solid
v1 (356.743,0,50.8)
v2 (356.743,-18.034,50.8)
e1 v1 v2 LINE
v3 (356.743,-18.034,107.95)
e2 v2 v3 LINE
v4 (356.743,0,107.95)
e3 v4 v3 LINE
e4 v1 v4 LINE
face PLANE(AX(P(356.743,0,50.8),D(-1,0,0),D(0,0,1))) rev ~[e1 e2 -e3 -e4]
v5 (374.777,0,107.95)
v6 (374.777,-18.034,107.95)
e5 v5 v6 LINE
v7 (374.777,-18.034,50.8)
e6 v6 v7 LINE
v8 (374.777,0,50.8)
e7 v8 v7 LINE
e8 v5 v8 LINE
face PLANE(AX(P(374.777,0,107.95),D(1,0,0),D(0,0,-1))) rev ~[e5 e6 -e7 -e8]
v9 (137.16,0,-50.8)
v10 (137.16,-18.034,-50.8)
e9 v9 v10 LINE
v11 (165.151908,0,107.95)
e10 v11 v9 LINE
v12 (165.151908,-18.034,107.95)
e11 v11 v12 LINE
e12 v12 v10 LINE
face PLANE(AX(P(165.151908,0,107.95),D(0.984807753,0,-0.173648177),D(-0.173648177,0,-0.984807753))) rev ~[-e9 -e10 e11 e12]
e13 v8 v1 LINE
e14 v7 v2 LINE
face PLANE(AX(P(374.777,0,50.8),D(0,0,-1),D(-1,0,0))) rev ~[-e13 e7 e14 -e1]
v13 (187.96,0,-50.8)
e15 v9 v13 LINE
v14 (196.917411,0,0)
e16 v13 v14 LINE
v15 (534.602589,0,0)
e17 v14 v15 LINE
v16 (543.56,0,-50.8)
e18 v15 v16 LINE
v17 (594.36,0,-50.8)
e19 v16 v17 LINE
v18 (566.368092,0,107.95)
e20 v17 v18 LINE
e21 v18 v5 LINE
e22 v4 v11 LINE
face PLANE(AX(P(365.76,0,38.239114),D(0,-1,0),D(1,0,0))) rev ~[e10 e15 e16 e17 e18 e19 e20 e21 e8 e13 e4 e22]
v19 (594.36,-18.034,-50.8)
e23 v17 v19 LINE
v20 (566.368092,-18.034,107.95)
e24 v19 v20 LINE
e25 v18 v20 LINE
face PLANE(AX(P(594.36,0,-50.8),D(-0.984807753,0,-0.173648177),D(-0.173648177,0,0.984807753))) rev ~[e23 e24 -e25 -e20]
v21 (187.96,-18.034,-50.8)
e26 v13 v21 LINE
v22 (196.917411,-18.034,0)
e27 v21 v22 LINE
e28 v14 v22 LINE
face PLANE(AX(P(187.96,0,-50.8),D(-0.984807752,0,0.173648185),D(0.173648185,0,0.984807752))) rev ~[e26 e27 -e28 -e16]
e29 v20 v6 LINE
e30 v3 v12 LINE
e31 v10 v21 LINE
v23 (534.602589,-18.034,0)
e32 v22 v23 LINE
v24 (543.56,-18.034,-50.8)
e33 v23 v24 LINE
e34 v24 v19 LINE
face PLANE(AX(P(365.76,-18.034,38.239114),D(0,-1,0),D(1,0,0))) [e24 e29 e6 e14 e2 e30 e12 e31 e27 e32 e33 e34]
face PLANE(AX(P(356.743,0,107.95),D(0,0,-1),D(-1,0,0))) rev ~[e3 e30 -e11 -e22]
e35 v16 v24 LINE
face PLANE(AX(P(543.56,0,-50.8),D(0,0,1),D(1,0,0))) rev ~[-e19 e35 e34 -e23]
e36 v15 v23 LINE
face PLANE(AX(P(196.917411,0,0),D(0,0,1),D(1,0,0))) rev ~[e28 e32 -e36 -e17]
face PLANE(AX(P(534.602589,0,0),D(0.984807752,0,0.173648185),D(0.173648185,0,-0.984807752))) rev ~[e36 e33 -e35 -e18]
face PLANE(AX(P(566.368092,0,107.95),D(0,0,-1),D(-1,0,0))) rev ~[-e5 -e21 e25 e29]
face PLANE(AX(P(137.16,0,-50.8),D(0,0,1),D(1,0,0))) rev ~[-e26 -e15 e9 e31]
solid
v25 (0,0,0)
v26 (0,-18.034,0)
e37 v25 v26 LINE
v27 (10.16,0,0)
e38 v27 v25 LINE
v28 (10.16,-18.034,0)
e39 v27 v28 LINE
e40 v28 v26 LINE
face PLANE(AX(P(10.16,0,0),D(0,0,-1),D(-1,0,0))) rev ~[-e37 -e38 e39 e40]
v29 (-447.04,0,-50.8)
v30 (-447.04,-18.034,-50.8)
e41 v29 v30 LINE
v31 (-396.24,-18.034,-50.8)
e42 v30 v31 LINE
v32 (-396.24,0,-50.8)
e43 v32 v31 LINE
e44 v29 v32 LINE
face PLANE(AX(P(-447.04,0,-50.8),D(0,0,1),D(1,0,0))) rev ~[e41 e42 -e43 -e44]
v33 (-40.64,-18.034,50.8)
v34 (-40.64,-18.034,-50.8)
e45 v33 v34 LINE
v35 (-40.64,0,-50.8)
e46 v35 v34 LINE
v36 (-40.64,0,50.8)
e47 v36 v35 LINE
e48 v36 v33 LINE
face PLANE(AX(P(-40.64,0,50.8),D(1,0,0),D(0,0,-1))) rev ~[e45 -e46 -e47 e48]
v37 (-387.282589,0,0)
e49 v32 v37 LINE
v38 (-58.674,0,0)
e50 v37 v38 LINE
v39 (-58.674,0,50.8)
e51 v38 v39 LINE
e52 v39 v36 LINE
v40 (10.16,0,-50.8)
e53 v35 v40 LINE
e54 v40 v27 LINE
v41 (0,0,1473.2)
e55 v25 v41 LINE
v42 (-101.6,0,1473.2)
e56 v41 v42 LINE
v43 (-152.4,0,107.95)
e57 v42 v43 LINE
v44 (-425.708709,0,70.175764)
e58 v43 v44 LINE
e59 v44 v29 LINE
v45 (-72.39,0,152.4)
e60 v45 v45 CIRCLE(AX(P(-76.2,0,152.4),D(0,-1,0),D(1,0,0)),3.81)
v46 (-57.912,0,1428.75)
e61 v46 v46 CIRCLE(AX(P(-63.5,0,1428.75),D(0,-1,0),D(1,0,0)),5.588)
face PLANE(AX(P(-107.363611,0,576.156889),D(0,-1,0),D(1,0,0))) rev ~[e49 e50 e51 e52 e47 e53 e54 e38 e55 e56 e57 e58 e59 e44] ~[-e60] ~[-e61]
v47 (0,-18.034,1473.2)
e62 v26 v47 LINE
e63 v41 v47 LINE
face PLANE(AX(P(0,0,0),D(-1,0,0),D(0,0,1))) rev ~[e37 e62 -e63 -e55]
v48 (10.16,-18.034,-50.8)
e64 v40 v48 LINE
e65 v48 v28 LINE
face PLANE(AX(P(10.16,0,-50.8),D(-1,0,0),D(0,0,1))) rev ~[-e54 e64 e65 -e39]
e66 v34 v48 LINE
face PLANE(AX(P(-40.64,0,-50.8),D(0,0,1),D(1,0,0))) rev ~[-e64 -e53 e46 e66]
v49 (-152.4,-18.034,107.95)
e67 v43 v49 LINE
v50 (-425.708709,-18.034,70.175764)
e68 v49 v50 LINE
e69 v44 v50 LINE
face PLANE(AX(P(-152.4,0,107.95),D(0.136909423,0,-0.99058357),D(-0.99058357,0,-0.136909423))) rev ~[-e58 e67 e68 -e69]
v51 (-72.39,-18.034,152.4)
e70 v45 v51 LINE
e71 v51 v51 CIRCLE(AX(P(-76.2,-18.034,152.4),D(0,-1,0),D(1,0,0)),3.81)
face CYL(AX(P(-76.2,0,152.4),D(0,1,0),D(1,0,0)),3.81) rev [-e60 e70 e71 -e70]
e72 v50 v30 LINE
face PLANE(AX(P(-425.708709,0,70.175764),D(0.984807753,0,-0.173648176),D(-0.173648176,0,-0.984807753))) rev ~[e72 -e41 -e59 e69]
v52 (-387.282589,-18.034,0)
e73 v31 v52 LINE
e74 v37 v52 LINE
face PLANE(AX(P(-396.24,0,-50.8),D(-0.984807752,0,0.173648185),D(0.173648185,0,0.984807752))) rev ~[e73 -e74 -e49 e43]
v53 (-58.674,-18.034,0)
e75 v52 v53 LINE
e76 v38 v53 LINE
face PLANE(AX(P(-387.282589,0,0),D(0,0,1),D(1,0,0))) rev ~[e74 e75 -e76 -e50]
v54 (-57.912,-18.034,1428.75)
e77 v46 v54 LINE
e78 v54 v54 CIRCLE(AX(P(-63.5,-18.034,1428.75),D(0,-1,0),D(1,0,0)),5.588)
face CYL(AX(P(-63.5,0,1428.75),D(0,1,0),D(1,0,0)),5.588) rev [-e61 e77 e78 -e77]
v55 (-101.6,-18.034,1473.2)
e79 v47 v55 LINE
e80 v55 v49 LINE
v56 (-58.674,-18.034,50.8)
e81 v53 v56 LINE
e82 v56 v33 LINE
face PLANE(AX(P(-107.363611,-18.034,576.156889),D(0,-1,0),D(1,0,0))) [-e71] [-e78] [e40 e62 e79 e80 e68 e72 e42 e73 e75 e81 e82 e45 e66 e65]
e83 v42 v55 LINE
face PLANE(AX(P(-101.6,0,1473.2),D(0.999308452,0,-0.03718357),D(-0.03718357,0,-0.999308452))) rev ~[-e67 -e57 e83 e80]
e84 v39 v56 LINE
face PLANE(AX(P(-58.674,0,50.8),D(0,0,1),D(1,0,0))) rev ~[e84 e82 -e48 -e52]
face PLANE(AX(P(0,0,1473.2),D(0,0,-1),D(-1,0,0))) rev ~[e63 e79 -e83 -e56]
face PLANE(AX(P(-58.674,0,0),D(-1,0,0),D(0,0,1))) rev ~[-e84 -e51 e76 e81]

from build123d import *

# Parameters (mm, degrees)
F0_R     = 3.81
F0_R_2   = 5.588
F1_DEPTH = 18.034


with BuildPart() as f1:
    # F0 (on Front) → F1 (new body)
    with BuildSketch(Plane.XZ):
        Polygon((10.16, 0), (0, 0), (0, 1473.2), (-101.6, 1473.2), (-152.4, 107.95), (-425.708709, 70.175764), (-447.04, -50.8), (-396.24, -50.8), (-387.282589, 0), (-58.674, 0), (-58.674, 50.8), (-40.64, 50.8), (-40.64, -50.8), (10.16, -50.8), align=None)
        with Locations((-76.2, 152.4)):
            Circle(F0_R, mode=Mode.SUBTRACT)
        with Locations((-63.5, 1428.75)):
            Circle(F0_R_2, mode=Mode.SUBTRACT)
        Polygon((165.151908, 107.95), (137.16, -50.8), (187.96, -50.8), (196.917411, 0), (534.602589, 0), (543.56, -50.8), (594.36, -50.8), (566.368092, 107.95), (374.777, 107.95), (374.777, 50.8), (356.743, 50.8), (356.743, 107.95), align=None)
    extrude(amount=F1_DEPTH)


solid = f1.part
